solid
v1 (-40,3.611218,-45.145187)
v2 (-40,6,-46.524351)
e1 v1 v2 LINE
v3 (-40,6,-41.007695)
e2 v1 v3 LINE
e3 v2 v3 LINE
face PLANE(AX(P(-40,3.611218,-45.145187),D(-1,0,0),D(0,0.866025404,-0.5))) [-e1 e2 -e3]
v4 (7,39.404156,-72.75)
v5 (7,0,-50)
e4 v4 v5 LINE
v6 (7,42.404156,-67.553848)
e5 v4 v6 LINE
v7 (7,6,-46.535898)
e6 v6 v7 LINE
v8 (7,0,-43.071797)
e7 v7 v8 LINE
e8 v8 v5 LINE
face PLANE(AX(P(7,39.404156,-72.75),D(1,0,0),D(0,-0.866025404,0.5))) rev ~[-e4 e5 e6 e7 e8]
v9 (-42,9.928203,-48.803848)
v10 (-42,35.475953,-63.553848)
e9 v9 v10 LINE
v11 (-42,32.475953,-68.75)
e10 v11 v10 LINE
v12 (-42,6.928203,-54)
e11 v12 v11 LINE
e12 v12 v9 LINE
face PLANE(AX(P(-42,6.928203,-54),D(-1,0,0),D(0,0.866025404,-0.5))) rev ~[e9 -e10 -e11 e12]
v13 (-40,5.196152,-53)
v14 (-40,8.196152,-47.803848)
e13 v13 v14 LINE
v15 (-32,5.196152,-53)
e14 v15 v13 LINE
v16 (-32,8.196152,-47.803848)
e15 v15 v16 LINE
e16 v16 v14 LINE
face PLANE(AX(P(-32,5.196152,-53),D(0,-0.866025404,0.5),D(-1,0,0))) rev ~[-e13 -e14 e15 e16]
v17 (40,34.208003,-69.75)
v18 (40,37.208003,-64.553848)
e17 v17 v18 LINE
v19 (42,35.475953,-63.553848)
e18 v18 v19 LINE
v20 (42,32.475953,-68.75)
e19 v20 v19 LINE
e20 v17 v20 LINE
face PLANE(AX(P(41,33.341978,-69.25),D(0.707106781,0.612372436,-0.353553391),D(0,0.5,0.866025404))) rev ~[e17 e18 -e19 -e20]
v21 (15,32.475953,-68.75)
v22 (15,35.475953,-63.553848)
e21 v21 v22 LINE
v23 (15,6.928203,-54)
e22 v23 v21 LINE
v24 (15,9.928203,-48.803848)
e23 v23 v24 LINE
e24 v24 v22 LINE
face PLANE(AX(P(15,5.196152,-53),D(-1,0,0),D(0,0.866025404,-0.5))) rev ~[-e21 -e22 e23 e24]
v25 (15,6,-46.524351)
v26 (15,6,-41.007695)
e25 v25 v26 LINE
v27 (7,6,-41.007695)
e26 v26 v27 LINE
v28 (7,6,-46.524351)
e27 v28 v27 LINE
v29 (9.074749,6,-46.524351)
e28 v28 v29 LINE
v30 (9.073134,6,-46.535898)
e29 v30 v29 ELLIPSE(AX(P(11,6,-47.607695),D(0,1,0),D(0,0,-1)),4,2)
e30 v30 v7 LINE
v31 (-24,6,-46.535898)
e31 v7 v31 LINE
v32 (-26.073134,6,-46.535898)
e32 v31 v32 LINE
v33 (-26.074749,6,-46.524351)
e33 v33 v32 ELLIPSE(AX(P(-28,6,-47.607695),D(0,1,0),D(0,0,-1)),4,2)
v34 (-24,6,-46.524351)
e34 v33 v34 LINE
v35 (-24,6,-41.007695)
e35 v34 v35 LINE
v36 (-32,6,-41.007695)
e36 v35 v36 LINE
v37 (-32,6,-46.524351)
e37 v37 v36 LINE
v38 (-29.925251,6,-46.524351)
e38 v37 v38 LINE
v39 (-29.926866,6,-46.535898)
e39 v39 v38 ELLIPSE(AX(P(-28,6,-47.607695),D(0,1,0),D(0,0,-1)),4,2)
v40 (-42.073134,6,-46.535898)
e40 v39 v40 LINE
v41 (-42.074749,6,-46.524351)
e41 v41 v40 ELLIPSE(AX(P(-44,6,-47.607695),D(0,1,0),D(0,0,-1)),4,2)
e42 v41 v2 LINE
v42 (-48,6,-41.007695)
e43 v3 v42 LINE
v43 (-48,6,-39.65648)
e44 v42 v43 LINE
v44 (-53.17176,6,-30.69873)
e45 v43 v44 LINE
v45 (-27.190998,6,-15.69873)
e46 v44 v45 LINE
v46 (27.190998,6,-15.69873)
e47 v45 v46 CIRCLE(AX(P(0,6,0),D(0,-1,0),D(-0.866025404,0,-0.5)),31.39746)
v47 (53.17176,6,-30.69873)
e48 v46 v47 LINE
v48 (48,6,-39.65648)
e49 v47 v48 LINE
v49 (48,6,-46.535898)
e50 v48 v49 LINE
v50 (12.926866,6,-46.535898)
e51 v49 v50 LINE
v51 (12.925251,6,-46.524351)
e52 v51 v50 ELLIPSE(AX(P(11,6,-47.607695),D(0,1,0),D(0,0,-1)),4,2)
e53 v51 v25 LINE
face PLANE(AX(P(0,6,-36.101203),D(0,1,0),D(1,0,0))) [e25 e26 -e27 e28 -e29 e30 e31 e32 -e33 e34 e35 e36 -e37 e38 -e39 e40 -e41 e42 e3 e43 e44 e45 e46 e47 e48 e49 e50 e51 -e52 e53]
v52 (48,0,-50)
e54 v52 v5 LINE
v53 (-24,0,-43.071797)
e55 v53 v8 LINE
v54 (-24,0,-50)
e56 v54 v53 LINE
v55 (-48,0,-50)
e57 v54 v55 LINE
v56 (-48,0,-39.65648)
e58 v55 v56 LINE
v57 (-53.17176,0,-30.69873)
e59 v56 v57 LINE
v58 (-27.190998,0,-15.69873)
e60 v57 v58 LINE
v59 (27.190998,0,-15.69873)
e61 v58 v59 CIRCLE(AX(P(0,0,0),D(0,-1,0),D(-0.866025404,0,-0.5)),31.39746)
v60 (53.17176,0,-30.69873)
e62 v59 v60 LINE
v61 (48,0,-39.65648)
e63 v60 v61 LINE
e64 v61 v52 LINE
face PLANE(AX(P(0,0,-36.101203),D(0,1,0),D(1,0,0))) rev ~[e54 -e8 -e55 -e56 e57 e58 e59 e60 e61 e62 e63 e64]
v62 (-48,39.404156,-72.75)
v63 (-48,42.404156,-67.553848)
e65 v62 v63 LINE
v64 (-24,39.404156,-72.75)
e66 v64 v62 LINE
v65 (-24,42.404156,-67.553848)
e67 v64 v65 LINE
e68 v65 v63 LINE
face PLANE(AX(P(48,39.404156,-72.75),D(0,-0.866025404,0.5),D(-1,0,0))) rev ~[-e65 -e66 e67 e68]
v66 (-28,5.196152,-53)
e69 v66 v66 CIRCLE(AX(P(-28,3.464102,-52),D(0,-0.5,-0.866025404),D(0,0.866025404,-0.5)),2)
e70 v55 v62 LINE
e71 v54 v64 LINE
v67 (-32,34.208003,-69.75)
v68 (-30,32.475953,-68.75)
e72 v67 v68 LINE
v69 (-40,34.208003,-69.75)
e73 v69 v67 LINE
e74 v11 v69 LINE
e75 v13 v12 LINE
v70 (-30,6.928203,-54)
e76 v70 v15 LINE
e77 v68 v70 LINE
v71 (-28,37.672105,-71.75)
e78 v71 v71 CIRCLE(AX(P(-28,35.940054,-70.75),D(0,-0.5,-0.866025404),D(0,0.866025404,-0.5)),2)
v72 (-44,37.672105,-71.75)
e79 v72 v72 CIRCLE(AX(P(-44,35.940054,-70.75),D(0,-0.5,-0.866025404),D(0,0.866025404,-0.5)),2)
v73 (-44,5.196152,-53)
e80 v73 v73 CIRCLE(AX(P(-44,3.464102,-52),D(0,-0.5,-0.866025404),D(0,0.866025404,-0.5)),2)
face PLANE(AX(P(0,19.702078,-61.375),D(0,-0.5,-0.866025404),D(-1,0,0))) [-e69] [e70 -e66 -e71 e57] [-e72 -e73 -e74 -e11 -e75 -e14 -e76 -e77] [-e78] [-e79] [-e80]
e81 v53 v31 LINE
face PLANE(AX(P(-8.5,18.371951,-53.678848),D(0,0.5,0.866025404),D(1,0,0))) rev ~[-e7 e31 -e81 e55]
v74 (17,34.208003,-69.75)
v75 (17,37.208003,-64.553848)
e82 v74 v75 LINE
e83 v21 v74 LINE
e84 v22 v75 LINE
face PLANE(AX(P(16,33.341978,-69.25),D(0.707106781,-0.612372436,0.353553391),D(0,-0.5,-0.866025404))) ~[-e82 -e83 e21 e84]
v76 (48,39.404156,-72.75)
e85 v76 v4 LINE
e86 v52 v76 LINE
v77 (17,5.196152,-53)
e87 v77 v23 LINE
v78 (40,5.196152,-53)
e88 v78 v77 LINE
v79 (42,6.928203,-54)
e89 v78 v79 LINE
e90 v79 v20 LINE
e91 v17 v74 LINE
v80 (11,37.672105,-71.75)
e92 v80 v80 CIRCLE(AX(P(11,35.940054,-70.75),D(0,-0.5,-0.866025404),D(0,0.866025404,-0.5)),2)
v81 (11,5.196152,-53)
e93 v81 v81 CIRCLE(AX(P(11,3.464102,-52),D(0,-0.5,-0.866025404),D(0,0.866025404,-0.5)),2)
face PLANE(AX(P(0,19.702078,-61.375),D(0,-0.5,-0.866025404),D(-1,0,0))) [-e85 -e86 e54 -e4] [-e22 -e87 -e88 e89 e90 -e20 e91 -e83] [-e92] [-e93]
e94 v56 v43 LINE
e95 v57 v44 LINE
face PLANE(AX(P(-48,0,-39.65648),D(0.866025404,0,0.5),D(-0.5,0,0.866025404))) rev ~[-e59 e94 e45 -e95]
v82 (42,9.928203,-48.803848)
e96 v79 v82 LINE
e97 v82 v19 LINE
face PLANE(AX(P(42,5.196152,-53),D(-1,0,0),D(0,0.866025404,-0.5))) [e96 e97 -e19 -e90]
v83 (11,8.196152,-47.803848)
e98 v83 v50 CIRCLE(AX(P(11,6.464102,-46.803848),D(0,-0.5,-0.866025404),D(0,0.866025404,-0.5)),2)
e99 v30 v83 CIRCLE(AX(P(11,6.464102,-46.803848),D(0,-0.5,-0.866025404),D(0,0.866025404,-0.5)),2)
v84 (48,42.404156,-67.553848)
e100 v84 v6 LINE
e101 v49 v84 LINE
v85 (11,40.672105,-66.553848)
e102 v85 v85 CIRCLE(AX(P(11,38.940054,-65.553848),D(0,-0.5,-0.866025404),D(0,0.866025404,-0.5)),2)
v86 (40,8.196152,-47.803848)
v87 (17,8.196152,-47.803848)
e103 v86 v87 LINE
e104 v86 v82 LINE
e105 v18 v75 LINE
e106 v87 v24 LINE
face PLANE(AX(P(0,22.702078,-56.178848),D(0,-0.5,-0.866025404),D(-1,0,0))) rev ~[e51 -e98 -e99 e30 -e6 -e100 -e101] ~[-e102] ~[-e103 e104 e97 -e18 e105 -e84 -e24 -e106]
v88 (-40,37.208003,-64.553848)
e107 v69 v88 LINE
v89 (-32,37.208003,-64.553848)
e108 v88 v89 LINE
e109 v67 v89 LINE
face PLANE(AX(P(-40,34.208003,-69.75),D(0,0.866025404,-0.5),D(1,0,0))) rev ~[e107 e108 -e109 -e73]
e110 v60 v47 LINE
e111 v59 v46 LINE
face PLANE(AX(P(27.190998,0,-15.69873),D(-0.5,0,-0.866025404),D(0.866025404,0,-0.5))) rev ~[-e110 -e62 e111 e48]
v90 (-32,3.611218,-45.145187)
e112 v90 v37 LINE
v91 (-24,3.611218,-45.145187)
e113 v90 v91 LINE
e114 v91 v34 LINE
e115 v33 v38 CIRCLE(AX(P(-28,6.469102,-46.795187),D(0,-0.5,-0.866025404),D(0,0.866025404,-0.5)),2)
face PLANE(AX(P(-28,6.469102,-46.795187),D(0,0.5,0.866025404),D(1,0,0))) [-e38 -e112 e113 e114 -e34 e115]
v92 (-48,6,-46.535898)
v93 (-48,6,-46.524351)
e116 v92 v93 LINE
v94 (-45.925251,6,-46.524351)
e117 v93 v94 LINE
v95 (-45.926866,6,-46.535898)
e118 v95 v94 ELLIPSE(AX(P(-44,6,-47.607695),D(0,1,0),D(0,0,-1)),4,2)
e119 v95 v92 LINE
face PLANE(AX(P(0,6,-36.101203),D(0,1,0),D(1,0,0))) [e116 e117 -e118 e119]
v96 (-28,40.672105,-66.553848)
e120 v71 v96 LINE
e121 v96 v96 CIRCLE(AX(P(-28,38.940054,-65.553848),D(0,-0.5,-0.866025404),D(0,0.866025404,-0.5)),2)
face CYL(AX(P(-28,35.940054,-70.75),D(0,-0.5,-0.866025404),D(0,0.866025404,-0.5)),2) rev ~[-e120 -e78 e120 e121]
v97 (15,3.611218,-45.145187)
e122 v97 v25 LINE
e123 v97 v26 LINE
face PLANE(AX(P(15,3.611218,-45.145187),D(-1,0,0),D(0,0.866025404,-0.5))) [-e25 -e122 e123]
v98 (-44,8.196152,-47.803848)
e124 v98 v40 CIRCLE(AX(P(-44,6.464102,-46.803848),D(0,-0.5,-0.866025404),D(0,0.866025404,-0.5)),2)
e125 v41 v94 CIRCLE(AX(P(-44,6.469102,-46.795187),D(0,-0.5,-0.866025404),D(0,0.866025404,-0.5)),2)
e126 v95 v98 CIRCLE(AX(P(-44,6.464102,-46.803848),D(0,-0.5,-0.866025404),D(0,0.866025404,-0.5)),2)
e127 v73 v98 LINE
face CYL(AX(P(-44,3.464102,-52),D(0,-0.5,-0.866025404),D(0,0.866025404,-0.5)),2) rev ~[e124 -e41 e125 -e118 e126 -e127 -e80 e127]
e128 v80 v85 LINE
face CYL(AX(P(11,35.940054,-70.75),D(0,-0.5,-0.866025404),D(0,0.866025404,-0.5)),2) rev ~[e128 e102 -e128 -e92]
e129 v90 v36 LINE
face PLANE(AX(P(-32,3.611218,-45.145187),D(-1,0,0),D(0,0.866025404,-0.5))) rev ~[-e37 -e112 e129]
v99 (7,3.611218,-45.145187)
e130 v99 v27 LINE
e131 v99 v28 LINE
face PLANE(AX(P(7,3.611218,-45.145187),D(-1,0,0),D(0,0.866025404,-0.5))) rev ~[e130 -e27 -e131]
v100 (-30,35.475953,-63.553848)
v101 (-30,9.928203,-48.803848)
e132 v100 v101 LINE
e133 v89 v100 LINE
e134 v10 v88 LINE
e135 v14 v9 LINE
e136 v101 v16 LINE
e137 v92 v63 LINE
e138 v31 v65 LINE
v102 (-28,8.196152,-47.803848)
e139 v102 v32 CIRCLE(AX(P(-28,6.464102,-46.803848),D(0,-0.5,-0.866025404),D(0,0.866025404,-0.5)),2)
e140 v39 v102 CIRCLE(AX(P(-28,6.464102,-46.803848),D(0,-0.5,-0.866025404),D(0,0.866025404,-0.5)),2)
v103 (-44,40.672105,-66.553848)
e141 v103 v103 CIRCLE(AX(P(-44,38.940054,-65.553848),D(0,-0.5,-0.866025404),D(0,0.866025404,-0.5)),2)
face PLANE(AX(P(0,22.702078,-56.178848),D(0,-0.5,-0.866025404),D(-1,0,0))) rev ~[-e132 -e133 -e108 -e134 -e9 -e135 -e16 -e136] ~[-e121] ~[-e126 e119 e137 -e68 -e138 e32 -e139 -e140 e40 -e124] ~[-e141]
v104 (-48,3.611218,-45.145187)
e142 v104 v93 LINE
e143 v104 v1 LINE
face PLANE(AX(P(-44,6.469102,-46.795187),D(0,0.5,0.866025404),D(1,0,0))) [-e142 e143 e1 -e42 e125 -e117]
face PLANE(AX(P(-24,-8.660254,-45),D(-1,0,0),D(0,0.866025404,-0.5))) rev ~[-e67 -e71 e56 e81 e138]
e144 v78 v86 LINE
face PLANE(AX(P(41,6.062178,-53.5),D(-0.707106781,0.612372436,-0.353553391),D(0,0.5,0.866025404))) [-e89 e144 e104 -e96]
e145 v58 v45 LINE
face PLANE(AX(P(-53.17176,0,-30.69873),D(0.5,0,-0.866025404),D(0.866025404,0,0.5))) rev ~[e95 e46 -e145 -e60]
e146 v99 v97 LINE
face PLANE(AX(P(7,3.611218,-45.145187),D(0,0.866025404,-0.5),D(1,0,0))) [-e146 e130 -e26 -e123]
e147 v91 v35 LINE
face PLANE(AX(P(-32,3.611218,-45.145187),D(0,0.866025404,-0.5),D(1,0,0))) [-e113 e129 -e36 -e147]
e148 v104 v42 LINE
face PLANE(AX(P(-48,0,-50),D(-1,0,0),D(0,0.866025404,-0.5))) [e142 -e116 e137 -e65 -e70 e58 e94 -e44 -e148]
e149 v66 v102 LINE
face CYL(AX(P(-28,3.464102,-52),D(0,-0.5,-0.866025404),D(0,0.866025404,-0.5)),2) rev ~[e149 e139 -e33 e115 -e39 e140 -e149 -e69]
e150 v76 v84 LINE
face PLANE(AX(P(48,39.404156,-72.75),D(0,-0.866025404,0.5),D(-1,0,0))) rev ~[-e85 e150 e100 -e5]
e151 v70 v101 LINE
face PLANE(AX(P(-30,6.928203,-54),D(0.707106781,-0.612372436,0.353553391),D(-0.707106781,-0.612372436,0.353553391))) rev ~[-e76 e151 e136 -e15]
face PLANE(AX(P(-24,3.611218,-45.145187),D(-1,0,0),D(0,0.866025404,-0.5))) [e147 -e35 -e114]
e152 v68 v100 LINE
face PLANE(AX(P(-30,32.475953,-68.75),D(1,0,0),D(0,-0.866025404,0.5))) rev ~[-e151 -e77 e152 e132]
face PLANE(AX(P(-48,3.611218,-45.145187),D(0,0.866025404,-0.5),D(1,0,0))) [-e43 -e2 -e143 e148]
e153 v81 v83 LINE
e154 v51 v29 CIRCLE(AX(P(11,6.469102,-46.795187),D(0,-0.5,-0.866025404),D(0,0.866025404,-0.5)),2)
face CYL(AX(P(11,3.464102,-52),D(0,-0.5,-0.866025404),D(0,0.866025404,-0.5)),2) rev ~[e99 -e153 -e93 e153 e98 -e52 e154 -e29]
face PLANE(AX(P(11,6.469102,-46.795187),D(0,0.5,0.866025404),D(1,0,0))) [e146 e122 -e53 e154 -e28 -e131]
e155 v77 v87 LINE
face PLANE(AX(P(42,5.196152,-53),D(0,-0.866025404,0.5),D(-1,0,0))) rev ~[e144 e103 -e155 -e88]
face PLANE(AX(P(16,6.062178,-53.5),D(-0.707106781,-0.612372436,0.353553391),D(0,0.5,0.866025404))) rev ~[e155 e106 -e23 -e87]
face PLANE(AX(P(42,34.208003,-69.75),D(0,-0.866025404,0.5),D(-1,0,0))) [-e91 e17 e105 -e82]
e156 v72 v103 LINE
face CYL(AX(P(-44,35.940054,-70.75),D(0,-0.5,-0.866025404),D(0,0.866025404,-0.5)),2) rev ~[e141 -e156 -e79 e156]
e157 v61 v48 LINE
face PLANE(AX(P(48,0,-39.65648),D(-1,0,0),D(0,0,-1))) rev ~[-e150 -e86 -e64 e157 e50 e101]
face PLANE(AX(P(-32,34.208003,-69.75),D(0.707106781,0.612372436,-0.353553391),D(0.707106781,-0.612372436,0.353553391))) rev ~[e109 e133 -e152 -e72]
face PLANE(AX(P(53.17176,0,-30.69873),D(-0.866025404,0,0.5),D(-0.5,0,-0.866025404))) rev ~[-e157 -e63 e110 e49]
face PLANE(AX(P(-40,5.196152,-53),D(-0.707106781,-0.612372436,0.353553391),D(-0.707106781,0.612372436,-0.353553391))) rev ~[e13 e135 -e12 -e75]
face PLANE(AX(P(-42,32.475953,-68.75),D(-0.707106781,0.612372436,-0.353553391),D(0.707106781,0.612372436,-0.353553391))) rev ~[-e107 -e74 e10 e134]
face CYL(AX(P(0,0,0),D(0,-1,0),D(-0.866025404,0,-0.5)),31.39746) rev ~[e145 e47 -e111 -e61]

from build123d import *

# Parameters (mm, degrees)
BOSS_EXTRUDE1_DEPTH = 6
SKETCH3_W           = 96
SKETCH3_H           = 45.5
BOSS_EXTRUDE2_DEPTH = 6
CUT_EXTRUDE1_DEPTH  = 6
CUT_EXTRUDE2_DEPTH  = 91.403621508
SKETCH9_W           = 27
SKETCH9_H           = 33.5
CUT_EXTRUDE3_DEPTH  = 91.403621508
CHAMFER1_SIZE       = 2
SKETCH11_R          = 2
CUT_EXTRUDE4_DEPTH  = 91.403621508
CUT_EXTRUDE6_START  = 0.01
SKETCH12_W          = 8
SKETCH12_H          = 6.6
CUT_EXTRUDE6_DEPTH  = 91.493120288


with BuildPart() as part:
    # Sketch2 → Boss-Extrude1 (new body)
    with BuildSketch(Plane(origin=(0, 0, 0), x_dir=(1, 0, 0), z_dir=(0, 1, 0))):
        with BuildLine():
            Line((27.190997647, 15.698729811), (53.17175976, 30.698729811))
            Line((53.17175976, 30.698729811), (48, 39.65648048))
            Line((48, 39.65648048), (48, 50))
            Line((48, 50), (-48, 50))
            Line((-48, 50), (-48, 39.65648048))
            Line((-48, 39.65648048), (-53.17175976, 30.698729811))
            Line((-53.17175976, 30.698729811), (-27.190997647, 15.698729811))
            ThreePointArc((-27.190997647, 15.698729811), (0, 31.397459622), (27.190997647, 15.698729811))
        make_face()
    extrude(amount=BOSS_EXTRUDE1_DEPTH)

    # Sketch3 → Boss-Extrude2 (add)
    with BuildSketch(Plane(origin=(0, -21.650635095, -37.5), x_dir=(-1, 0, 0), z_dir=(0, -0.500000000000001, -0.866025403784438))):
        with Locations((0, 47.75)):
            Rectangle(SKETCH3_W, SKETCH3_H)
    extrude(amount=-BOSS_EXTRUDE2_DEPTH)

    # Sketch4 → Cut-Extrude1 (cut)
    with BuildSketch(Plane(origin=(0, -21.650635095, -37.5), x_dir=(-1, 0, 0), z_dir=(0, -0.5000000000000009, -0.8660254037844383))):
        Polygon((24, 70.5), (24, 25), (24, 15), (-7, 15), (-7, 25), (-7, 70.5), align=None)
    extrude(amount=-CUT_EXTRUDE1_DEPTH, mode=Mode.SUBTRACT)

    # Sketch8 → Cut-Extrude2 (cut, through all)
    with BuildSketch(Plane(origin=(0, -21.650635095, -37.5), x_dir=(-1, 0, 0), z_dir=(0, -0.500000000000001, -0.8660254037844382))):
        Polygon((32, 64.5), (30, 62.5), (30, 33), (32, 31), (40, 31), (42, 33), (42, 62.5), (40, 64.5), align=None)
    extrude(amount=-CUT_EXTRUDE2_DEPTH, mode=Mode.SUBTRACT)

    # Sketch9 → Cut-Extrude3 (cut, through all)
    with BuildSketch(Plane(origin=(0, -21.650635095, -37.5), x_dir=(-1, 0, 0), z_dir=(0, -0.500000000000001, -0.8660254037844382))):
        with Locations((-28.5, 47.75)):
            Rectangle(SKETCH9_W, SKETCH9_H)
    extrude(amount=-CUT_EXTRUDE3_DEPTH, mode=Mode.SUBTRACT)

    # Chamfer1
    chamfer1_edges = [part.edges().sort_by_distance(p)[0] for p in [
        (42, 6.696152423, -50.401923789),
        (15, 6.696152423, -50.401923789),
        (15, 35.708003449, -67.151923789),
        (42, 35.708003449, -67.151923789),
    ]]
    chamfer(chamfer1_edges, length=CHAMFER1_SIZE)

    # Sketch11 → Cut-Extrude4 (cut, through all)
    with BuildSketch(Plane(origin=(0, -21.650635095, -37.5), x_dir=(-1, 0, 0), z_dir=(0, -0.500000000000001, -0.8660254037844382))):
        with Locations((28, 66.5)):
            Circle(SKETCH11_R)
        with Locations((44, 66.5)):
            Circle(SKETCH11_R)
        with Locations((-11, 66.5)):
            Circle(SKETCH11_R)
        with Locations((28, 29)):
            Circle(SKETCH11_R)
        with Locations((44, 29)):
            Circle(SKETCH11_R)
        with Locations((-11, 29)):
            Circle(SKETCH11_R)
    extrude(amount=-CUT_EXTRUDE4_DEPTH, mode=Mode.SUBTRACT)

    # Sketch12 → Cut-Extrude6 (cut, through all)
    with BuildSketch(Plane(origin=(0, -18.650635095, -32.303847577), x_dir=(1, 0, 0), z_dir=(0, 0.500000000000001, 0.8660254037844382)).offset(CUT_EXTRUDE6_START)):
        with Locations((11, 29)):
            Rectangle(SKETCH12_W, SKETCH12_H)
        with Locations((-28, 29)):
            Rectangle(SKETCH12_W, SKETCH12_H)
        with Locations((-44, 29)):
            Rectangle(SKETCH12_W, SKETCH12_H)
    extrude(amount=CUT_EXTRUDE6_DEPTH, mode=Mode.SUBTRACT)


solid = part.part
